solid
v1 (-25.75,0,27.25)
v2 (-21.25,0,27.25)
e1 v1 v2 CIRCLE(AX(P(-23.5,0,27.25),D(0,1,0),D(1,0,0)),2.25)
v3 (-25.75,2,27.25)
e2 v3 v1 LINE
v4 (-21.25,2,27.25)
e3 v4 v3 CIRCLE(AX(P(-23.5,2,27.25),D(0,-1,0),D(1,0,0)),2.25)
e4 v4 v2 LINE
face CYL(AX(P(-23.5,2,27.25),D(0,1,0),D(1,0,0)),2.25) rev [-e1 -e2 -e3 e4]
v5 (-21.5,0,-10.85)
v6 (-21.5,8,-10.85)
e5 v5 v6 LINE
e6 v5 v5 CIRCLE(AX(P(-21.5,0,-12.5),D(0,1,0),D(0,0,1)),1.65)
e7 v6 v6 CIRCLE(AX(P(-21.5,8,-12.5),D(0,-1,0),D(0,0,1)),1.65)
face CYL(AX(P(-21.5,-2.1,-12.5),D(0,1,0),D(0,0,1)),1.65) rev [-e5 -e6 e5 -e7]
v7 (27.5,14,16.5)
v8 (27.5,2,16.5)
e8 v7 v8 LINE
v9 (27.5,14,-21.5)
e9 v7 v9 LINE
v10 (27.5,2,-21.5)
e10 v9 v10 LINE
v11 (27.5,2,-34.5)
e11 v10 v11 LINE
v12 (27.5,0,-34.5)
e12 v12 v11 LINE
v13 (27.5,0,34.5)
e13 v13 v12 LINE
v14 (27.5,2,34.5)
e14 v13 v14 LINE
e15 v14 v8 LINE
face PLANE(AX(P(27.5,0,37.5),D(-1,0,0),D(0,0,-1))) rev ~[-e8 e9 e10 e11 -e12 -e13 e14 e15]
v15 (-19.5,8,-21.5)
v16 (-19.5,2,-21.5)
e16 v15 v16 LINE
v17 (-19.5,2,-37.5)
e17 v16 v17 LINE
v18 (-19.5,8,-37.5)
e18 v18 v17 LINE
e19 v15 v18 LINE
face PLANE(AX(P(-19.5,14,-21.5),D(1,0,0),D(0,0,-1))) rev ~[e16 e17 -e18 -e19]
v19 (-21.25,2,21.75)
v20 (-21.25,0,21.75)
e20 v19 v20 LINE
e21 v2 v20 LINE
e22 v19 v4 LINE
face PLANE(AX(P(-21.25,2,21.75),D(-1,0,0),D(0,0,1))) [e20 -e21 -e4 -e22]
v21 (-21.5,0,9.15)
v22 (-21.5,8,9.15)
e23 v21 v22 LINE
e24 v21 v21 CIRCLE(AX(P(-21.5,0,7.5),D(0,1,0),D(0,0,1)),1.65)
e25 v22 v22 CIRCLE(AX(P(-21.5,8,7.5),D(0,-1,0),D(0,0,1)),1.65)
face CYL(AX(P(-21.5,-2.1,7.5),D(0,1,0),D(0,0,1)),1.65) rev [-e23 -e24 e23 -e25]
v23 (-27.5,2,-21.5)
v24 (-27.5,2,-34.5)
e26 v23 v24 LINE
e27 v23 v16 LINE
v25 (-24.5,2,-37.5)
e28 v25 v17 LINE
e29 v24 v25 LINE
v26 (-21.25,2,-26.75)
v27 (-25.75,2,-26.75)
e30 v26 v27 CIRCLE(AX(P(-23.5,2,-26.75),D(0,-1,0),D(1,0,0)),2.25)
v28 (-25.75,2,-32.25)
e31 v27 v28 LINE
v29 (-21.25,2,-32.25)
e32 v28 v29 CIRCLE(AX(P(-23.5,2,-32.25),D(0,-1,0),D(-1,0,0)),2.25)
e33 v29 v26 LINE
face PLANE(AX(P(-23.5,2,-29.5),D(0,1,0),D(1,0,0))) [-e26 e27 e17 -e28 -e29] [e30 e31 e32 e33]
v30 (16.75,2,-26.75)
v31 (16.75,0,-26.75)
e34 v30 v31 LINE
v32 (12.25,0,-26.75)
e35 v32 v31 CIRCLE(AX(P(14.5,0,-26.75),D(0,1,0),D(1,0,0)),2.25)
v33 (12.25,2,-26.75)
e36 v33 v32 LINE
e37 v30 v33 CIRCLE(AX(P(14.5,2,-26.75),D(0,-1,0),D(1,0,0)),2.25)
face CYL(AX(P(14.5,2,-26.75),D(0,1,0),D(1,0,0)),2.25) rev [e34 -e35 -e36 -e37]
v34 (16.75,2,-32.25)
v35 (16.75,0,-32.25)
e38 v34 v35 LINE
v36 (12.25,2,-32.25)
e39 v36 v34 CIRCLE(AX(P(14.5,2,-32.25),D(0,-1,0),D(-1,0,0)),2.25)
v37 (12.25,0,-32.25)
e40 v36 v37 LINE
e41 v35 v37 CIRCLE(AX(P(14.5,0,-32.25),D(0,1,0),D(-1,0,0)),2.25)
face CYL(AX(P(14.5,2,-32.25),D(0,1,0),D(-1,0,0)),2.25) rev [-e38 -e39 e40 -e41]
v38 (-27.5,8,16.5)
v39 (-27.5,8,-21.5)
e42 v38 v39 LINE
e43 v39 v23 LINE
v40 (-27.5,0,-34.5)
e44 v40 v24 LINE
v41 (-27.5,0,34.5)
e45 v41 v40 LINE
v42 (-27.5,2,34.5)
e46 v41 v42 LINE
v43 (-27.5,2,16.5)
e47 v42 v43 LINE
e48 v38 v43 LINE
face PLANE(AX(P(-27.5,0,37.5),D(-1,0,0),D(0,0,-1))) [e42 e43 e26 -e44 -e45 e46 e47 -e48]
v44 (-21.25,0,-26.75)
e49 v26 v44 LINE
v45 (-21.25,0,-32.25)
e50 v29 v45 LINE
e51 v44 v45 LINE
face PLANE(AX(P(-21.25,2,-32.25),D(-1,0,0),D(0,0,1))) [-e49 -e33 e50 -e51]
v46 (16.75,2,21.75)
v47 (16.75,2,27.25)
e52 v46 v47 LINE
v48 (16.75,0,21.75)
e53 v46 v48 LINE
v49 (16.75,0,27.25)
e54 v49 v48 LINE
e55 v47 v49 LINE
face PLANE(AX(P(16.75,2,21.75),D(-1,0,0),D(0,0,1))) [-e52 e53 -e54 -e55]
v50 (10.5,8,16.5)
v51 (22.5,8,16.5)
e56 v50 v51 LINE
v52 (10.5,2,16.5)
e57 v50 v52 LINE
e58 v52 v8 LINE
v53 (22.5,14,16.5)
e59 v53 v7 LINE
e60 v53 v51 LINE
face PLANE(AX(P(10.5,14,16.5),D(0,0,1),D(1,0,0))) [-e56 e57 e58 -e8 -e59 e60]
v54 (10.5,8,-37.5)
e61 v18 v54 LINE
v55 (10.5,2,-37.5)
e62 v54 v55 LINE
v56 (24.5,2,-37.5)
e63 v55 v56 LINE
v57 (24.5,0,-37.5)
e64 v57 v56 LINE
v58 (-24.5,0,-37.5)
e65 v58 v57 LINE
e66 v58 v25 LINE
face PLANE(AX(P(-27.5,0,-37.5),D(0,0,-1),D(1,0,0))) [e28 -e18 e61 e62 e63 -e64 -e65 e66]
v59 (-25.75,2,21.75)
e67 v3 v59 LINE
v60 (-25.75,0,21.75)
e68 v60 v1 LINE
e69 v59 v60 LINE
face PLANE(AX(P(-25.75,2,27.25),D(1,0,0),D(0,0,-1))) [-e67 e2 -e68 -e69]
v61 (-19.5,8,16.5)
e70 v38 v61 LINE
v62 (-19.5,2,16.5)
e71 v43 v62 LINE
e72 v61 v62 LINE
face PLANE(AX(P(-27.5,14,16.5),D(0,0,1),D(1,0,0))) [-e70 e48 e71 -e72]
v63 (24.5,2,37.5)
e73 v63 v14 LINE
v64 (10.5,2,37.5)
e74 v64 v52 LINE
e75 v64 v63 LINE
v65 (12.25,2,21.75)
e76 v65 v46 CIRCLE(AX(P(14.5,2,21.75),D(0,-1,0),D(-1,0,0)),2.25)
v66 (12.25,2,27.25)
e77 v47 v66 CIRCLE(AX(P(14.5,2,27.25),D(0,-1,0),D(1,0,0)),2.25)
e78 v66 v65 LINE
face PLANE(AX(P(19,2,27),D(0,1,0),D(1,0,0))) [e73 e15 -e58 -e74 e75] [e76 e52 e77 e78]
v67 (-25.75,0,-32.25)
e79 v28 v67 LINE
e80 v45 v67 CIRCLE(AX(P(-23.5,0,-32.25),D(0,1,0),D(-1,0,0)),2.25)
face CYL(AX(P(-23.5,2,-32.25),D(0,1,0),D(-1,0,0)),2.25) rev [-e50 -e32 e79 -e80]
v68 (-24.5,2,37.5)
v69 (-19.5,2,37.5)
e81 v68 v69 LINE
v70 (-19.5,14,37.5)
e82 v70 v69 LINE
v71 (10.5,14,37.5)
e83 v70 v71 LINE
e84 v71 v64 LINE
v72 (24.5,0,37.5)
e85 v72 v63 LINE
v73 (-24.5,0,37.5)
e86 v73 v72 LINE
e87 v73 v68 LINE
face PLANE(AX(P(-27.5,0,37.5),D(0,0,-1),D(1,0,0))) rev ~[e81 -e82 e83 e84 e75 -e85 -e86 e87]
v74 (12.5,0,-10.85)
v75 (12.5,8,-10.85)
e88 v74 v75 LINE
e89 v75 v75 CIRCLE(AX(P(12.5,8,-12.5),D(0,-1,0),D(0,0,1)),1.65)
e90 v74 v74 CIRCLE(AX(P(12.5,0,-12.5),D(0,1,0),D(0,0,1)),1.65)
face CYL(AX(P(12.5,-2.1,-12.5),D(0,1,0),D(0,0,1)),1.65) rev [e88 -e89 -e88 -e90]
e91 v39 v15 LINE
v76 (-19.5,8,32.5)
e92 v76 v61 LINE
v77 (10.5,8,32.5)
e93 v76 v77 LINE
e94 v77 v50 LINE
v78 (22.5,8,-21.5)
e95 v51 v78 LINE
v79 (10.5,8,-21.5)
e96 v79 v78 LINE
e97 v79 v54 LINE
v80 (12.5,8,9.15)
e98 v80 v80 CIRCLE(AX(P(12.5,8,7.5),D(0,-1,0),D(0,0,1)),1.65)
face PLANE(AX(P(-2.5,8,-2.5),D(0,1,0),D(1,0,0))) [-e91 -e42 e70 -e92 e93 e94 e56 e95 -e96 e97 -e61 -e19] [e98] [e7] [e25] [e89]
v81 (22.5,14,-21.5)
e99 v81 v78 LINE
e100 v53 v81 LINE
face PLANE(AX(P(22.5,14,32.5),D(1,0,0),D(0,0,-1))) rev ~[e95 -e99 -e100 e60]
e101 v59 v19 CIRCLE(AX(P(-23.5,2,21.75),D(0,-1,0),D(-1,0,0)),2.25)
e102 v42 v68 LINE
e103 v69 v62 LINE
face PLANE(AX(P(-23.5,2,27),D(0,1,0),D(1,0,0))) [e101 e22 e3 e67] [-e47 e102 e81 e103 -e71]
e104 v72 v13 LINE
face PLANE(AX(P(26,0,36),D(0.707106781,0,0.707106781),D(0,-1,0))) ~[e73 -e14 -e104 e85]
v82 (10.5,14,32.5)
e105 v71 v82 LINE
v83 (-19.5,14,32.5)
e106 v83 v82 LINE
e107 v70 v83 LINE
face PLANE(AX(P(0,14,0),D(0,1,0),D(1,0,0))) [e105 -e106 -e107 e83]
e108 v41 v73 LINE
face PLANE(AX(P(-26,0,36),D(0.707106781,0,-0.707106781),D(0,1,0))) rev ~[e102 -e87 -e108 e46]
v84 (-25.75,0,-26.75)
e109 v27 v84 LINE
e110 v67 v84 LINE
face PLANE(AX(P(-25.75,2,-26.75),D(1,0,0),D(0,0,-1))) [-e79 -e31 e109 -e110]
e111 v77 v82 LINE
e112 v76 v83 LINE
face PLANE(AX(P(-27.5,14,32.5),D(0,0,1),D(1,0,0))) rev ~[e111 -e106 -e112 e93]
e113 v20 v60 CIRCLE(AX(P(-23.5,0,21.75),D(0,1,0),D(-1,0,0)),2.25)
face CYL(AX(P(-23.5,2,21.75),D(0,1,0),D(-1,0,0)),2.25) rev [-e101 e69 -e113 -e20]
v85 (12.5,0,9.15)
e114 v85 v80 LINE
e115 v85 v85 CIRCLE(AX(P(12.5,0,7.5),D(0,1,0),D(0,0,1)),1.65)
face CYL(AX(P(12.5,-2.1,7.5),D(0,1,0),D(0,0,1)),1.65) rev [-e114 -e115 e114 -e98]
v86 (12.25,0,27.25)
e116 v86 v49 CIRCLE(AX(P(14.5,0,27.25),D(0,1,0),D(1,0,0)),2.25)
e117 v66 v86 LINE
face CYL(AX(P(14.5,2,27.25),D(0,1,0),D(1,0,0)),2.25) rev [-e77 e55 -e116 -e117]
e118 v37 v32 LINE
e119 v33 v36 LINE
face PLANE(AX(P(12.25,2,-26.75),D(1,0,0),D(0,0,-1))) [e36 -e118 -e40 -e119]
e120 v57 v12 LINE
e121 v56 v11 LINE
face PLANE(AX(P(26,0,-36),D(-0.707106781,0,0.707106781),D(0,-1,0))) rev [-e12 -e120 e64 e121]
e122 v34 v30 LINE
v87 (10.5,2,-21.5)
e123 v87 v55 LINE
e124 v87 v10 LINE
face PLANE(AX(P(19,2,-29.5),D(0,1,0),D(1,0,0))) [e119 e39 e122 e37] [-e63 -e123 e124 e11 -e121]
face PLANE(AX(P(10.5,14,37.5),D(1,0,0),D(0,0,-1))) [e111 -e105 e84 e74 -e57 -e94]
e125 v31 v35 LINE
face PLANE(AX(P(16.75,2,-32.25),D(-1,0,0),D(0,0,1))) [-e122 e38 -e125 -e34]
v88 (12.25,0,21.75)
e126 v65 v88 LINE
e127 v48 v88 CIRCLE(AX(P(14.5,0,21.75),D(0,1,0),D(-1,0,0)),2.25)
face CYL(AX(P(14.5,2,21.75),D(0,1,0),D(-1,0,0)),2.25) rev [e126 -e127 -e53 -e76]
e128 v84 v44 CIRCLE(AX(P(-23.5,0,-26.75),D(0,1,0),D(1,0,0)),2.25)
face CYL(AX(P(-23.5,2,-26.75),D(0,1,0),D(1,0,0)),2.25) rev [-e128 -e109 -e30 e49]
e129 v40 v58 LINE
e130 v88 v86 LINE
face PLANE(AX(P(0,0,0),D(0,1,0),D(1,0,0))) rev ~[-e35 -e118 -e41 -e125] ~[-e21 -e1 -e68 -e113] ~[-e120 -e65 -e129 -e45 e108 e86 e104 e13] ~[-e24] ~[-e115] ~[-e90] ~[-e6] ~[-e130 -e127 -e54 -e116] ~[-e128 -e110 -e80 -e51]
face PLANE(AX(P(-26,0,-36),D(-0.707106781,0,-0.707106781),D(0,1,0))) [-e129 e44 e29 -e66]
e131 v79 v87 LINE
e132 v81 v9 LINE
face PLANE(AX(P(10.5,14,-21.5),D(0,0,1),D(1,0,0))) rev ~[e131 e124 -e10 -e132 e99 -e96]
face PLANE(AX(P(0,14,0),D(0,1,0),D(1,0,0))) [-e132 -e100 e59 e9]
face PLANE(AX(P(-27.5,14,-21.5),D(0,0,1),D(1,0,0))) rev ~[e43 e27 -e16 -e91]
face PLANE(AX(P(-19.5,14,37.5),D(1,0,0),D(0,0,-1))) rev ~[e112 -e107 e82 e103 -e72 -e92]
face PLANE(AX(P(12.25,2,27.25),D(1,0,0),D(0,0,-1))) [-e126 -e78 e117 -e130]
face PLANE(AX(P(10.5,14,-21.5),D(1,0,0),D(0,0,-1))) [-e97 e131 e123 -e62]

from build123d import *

# Parameters (mm, degrees)
SKETCH_1_W                  = 55
SKETCH_1_H                  = 75
EXTRUDE_1_DEPTH             = 14
SKETCH_2_W                  = 50
SKETCH_2_H                  = 70
CUT_EXTRUDE_1_DEPTH         = 6
SKETCH_3_W                  = 17
SKETCH_3_H                  = 21
SKETCH_3_H_2                = 16
SKETCH_3_W_2                = 8
CUT_EXTRUDE_2_DEPTH         = 12
CUT_EXTRUDE_3_REACH         = 50.026
PATTERN_LINEAR_1_COUNT      = 2
PATTERN_LINEAR_1_PITCH      = 34
PATTERN_LINEAR_1_COUNT_DIR2 = 2
PATTERN_LINEAR_1_PITCH_DIR2 = 20
CHAMFER_1_SIZE              = 3


with BuildPart() as part:
    # 草图1 → 凸台-拉伸1 (new body)
    with BuildSketch(Plane(origin=(0, 0, 0), x_dir=(1, 0, 0), z_dir=(0, 1, 0))):
        Rectangle(SKETCH_1_W, SKETCH_1_H)
    extrude(amount=EXTRUDE_1_DEPTH)

    # 草图2 → 切除-拉伸1 (cut)
    with BuildSketch(Plane(origin=(0, 14, 0), x_dir=(1, 0, 0), z_dir=(0, 1, 0))):
        with Locations((-2.5, 2.5)):
            Rectangle(SKETCH_2_W, SKETCH_2_H)
    extrude(amount=-CUT_EXTRUDE_1_DEPTH, mode=Mode.SUBTRACT)

    # 草图3 → 切除-拉伸2 (cut)
    with BuildSketch(Plane(origin=(0, 14, 0), x_dir=(1, 0, 0), z_dir=(0, 1, 0))):
        with Locations((19, -27)):
            Rectangle(SKETCH_3_W, SKETCH_3_H)
        with Locations((19, 29.5)):
            Rectangle(SKETCH_3_W, SKETCH_3_H_2)
        with Locations((-23.5, 29.5)):
            Rectangle(SKETCH_3_W_2, SKETCH_3_H_2)
        with Locations((-23.5, -27)):
            Rectangle(SKETCH_3_W_2, SKETCH_3_H)
    extrude(amount=-CUT_EXTRUDE_2_DEPTH, mode=Mode.SUBTRACT)

    # 草图4 → 切除-拉伸3 (cut, up to next)
    with BuildSketch(Plane(origin=(0, 2, 0), x_dir=(1, 0, 0), z_dir=(0, 1, 0)), mode=Mode.PRIVATE) as cut_extrude_3_sk1:
        with BuildLine():
            Line((-21.25, 32.25), (-21.25, 26.75))
            ThreePointArc((-21.25, 26.75), (-23.5, 24.5), (-25.75, 26.75))
            Line((-25.75, 26.75), (-25.75, 32.25))
            ThreePointArc((-25.75, 32.25), (-23.5, 34.5), (-21.25, 32.25))
        make_face()
    cut_extrude_3_tool1 = extrude(cut_extrude_3_sk1.sketch, amount=-CUT_EXTRUDE_3_REACH, mode=Mode.PRIVATE) & part.part
    # 草图4 → 切除-拉伸3 (cut, up to next)
    with BuildSketch(Plane(origin=(0, 2, 0), x_dir=(1, 0, 0), z_dir=(0, 1, 0)), mode=Mode.PRIVATE) as cut_extrude_3_sk2:
        with BuildLine():
            Line((16.75, 32.25), (16.75, 26.75))
            ThreePointArc((16.75, 26.75), (14.5, 24.5), (12.25, 26.75))
            Line((12.25, 26.75), (12.25, 32.25))
            ThreePointArc((12.25, 32.25), (14.5, 34.5), (16.75, 32.25))
        make_face()
    cut_extrude_3_tool2 = extrude(cut_extrude_3_sk2.sketch, amount=-CUT_EXTRUDE_3_REACH, mode=Mode.PRIVATE) & part.part
    # 草图4 → 切除-拉伸3 (cut, up to next)
    with BuildSketch(Plane(origin=(0, 2, 0), x_dir=(1, 0, 0), z_dir=(0, 1, 0)), mode=Mode.PRIVATE) as cut_extrude_3_sk3:
        with BuildLine():
            Line((16.75, -21.75), (16.75, -27.25))
            ThreePointArc((16.75, -27.25), (14.5, -29.5), (12.25, -27.25))
            Line((12.25, -27.25), (12.25, -21.75))
            ThreePointArc((12.25, -21.75), (14.5, -19.5), (16.75, -21.75))
        make_face()
    cut_extrude_3_tool3 = extrude(cut_extrude_3_sk3.sketch, amount=-CUT_EXTRUDE_3_REACH, mode=Mode.PRIVATE) & part.part
    # 草图4 → 切除-拉伸3 (cut, up to next)
    with BuildSketch(Plane(origin=(0, 2, 0), x_dir=(1, 0, 0), z_dir=(0, 1, 0)), mode=Mode.PRIVATE) as cut_extrude_3_sk4:
        with BuildLine():
            Line((-21.25, -21.75), (-21.25, -27.25))
            ThreePointArc((-21.25, -27.25), (-23.5, -29.5), (-25.75, -27.25))
            Line((-25.75, -27.25), (-25.75, -21.75))
            ThreePointArc((-25.75, -21.75), (-23.5, -19.5), (-21.25, -21.75))
        make_face()
    cut_extrude_3_tool4 = extrude(cut_extrude_3_sk4.sketch, amount=-CUT_EXTRUDE_3_REACH, mode=Mode.PRIVATE) & part.part
    add(cut_extrude_3_tool1.solids().sort_by_distance((-23.5, 2, -29.5))[0], mode=Mode.SUBTRACT)
    add(cut_extrude_3_tool2.solids().sort_by_distance((14.5, 2, -29.5))[0], mode=Mode.SUBTRACT)
    add(cut_extrude_3_tool3.solids().sort_by_distance((14.5, 2, 24.5))[0], mode=Mode.SUBTRACT)
    add(cut_extrude_3_tool4.solids().sort_by_distance((-23.5, 2, 24.5))[0], mode=Mode.SUBTRACT)

    # 草图7 → M4 螺纹孔1 (revolve, cut)
    with BuildSketch(Plane(origin=(-21.5, 8, -12.5), x_dir=(0, 0, 1), z_dir=(1, 0, 0))):
        Polygon((0, 0), (0, 11.091420021), (1.65, 10.1), (1.65, 0), align=None)
    hole_wizard_m4_1 = revolve(axis=Axis((-21.5, 14.35, -12.5), (0, -1, 0)), mode=Mode.SUBTRACT)

    # 阵列(线性)1: Hole Wizard M4 _1 2 × 2
    with Locations(*[(i * PATTERN_LINEAR_1_PITCH, 0, j * PATTERN_LINEAR_1_PITCH_DIR2) for i in range(PATTERN_LINEAR_1_COUNT) for j in range(PATTERN_LINEAR_1_COUNT_DIR2) if (i, j) != (0, 0)]):
        add(hole_wizard_m4_1, mode=Mode.SUBTRACT)

    # 倒角1
    chamfer_1_edges = [part.edges().sort_by_distance(p)[0] for p in [
        (27.5, 1, -37.5),
        (-27.5, 1, -37.5),
        (27.5, 1, 37.5),
        (-27.5, 1, 37.5),
    ]]
    chamfer(chamfer_1_edges, length=CHAMFER_1_SIZE)


solid = part.part
